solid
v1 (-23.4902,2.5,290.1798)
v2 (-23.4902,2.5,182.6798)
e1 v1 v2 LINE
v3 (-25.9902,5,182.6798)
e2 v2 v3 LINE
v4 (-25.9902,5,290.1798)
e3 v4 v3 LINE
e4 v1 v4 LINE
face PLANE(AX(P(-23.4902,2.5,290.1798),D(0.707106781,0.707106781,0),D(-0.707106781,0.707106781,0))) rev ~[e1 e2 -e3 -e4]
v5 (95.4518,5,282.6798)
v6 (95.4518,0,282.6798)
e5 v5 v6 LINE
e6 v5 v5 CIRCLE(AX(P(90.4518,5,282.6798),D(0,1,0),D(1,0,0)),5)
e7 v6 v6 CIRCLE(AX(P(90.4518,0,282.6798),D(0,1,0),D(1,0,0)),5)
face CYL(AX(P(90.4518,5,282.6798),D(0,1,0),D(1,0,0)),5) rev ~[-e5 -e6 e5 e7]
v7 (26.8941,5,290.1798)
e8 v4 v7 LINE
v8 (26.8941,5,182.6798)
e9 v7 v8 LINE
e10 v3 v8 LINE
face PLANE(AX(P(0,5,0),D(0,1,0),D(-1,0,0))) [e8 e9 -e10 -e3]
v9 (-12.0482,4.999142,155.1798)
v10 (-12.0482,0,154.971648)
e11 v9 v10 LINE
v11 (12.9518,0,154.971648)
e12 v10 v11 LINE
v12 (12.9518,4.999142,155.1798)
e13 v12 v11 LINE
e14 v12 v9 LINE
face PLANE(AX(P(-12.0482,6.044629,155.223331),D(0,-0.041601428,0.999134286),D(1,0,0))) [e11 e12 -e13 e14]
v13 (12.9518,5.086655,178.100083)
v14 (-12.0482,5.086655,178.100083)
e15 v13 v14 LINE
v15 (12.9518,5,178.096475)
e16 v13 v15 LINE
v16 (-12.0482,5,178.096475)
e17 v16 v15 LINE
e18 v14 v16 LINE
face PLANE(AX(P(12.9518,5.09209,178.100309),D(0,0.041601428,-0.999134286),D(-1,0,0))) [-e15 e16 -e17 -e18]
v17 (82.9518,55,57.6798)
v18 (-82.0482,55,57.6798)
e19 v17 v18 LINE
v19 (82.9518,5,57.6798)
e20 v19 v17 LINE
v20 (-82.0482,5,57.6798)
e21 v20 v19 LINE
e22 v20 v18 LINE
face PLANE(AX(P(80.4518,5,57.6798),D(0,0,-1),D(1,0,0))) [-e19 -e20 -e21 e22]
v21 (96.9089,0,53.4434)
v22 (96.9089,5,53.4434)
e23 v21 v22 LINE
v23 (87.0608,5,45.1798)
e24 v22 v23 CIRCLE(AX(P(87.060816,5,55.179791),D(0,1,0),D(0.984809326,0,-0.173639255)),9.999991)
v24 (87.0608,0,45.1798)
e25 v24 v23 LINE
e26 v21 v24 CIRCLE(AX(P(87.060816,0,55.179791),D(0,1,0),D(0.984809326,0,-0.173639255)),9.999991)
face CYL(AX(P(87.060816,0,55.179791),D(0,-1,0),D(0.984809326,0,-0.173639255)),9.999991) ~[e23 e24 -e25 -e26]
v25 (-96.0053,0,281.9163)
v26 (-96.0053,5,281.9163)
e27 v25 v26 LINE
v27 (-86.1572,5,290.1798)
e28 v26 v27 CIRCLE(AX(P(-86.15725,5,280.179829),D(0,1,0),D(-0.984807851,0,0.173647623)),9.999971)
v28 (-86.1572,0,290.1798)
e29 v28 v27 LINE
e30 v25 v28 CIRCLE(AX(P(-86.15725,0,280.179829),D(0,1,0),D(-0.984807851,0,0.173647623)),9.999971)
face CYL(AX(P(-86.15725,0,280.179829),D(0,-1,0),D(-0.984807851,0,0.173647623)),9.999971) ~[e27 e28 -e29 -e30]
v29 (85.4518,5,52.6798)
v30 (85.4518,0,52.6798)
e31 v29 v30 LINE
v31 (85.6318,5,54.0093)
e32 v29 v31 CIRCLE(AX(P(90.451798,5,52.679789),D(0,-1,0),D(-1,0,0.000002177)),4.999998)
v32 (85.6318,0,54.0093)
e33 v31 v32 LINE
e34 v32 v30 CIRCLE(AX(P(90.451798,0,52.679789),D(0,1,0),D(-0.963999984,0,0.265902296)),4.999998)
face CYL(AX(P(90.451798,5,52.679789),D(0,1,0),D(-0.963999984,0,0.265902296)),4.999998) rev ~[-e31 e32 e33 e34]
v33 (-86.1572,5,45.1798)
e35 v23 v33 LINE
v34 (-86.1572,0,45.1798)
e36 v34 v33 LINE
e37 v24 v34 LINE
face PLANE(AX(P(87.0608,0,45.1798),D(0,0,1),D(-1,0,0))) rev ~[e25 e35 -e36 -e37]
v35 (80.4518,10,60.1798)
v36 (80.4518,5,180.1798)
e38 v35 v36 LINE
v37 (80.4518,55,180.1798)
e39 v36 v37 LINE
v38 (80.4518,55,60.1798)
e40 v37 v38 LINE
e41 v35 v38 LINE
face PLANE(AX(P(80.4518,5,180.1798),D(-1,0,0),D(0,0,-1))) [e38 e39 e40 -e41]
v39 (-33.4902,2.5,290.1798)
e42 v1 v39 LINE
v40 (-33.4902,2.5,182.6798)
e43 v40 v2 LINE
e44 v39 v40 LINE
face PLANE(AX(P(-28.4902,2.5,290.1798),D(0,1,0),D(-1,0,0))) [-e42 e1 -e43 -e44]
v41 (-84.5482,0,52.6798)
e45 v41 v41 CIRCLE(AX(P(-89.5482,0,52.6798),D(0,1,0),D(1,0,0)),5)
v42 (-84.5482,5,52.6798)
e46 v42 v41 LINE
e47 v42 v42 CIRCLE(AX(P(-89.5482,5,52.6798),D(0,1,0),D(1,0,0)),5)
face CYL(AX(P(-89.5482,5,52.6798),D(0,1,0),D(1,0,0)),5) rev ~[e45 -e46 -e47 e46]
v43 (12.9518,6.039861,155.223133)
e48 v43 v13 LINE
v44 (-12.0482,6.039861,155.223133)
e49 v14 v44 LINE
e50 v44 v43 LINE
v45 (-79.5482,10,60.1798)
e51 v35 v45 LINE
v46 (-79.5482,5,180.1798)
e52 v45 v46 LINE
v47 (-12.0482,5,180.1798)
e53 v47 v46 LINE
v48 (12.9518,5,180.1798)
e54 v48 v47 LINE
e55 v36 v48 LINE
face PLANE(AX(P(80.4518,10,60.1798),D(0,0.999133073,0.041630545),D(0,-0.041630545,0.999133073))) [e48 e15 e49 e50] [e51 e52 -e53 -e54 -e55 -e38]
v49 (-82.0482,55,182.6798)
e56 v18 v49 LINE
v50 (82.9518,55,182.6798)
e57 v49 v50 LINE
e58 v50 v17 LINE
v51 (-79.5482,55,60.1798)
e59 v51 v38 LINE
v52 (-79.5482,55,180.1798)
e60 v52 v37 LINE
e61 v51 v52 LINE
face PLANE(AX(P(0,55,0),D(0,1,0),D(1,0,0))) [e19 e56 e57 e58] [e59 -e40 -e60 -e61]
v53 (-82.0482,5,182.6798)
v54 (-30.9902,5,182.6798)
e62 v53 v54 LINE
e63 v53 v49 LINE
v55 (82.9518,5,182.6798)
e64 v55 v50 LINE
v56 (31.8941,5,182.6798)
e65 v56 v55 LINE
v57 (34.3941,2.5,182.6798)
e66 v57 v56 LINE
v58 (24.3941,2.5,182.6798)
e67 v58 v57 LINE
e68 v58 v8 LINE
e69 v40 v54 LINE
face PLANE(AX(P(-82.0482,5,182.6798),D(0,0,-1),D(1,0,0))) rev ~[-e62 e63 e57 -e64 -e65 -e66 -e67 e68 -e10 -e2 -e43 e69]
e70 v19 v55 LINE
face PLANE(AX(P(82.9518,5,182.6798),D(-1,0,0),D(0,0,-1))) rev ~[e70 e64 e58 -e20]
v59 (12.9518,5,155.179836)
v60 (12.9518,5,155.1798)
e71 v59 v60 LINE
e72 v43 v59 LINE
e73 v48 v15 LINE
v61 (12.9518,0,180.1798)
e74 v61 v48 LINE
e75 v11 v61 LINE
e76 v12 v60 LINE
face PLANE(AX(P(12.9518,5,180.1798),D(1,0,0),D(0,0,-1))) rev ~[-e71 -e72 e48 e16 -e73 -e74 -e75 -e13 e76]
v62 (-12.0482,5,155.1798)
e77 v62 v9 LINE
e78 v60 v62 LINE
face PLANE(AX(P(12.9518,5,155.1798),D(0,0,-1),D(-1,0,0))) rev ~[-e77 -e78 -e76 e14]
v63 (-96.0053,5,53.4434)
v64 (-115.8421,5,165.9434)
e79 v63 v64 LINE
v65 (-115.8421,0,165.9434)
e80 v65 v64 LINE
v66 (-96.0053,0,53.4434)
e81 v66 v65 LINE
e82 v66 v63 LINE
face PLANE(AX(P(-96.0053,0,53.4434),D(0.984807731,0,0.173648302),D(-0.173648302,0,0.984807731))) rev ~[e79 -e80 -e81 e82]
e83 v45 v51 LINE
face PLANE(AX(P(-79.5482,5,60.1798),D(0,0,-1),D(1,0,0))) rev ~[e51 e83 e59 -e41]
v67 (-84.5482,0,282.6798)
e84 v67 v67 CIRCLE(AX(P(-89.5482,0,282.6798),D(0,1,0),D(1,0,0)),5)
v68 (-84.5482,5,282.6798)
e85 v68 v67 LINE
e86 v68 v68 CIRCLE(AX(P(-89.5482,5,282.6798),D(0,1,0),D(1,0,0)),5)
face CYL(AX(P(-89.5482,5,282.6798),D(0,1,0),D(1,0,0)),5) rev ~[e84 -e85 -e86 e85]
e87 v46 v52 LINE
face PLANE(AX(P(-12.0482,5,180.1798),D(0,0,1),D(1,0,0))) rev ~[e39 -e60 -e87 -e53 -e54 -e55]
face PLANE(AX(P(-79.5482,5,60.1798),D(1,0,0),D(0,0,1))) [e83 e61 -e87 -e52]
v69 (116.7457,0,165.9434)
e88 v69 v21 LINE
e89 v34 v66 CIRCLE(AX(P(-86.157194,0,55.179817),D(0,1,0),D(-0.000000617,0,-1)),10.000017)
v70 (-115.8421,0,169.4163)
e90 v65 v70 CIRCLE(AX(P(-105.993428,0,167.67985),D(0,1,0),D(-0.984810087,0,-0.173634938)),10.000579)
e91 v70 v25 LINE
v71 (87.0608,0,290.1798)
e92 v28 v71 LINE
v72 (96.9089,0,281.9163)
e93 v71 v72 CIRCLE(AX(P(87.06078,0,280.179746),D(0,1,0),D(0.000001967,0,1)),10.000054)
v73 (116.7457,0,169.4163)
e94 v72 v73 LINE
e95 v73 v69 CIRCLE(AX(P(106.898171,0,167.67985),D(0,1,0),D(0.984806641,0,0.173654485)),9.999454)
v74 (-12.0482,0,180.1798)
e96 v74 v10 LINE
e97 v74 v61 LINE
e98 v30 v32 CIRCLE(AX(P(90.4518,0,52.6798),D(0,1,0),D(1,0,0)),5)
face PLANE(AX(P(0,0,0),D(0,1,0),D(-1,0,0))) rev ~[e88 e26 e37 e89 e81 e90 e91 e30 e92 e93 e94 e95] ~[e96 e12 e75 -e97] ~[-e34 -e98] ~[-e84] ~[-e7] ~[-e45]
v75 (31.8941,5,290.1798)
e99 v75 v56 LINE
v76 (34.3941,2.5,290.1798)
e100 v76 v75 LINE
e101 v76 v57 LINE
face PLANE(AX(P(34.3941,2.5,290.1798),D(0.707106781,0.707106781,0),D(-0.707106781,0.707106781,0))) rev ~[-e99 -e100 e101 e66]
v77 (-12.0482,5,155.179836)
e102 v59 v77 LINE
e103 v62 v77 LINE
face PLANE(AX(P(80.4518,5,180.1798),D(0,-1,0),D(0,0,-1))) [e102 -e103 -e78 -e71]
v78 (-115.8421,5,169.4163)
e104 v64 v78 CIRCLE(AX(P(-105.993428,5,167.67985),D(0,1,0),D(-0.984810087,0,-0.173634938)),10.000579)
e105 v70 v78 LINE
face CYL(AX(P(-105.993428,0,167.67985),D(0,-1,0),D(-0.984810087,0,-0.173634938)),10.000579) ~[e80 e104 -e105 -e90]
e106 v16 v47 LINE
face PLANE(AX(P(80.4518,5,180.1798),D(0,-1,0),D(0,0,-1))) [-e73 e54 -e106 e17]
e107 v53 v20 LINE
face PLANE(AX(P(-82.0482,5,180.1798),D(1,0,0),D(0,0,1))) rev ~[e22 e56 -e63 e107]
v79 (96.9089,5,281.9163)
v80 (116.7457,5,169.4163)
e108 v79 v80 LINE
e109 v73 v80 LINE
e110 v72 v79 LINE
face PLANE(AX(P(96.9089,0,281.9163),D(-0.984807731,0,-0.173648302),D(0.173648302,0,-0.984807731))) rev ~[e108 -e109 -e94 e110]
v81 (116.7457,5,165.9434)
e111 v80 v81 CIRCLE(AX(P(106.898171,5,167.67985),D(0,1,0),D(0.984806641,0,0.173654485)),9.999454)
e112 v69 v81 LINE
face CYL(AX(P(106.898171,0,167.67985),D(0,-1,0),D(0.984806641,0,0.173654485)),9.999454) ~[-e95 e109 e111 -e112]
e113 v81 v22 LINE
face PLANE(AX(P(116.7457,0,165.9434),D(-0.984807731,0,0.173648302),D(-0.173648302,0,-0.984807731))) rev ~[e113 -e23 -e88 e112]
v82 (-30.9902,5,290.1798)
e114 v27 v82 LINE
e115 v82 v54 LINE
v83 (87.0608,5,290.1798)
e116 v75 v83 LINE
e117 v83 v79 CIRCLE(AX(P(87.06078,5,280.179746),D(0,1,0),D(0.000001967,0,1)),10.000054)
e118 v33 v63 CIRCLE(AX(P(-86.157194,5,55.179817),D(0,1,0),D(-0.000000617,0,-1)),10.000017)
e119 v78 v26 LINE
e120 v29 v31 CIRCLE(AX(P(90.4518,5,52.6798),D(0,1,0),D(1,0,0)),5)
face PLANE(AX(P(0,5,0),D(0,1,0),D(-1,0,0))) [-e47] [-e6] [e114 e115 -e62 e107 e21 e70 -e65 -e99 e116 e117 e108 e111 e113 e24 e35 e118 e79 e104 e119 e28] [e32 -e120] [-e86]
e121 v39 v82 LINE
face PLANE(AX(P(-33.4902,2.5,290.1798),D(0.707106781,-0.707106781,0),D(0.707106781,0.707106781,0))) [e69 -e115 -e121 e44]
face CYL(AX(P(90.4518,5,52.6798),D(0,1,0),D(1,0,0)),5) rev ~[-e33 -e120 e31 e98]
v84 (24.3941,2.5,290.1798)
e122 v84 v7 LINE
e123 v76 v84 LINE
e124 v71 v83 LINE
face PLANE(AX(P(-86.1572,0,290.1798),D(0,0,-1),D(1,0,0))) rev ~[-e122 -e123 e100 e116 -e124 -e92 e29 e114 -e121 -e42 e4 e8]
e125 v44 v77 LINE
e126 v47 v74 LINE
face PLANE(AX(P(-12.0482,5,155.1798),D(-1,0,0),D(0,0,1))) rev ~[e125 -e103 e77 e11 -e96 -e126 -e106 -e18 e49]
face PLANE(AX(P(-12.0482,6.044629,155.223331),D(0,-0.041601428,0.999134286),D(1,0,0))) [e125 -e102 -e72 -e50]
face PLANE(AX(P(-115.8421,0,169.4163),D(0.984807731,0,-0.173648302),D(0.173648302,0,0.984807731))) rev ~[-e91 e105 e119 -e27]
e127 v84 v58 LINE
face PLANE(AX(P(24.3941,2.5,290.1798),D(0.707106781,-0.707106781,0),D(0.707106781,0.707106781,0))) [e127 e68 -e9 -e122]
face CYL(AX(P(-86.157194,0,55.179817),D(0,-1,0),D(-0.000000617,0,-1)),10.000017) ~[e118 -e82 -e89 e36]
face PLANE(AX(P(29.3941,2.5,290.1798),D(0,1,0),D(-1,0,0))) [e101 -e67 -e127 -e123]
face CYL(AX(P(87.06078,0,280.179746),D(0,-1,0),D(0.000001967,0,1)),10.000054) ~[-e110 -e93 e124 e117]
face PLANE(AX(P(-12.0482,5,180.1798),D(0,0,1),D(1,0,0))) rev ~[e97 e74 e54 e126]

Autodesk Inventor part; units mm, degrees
ref_plane "YZ Plane" through (0, 0, 0) normal (1, 0, 0) x (0, 1, 0)
ref_plane "XZ Plane" through (0, 0, 0) normal (0, 1, 0) x (-1, 0, 0)
ref_plane "XY Plane" through (0, 0, 0) normal (0, 0, 1) x (1, 0, 0)
sketch "Sketch1" plane through (0, 0, 0) normal (0, 1, 0) x (-1, 0, 0)
  arc A0 (-85.6318, 54.0093) -> (-85.4518, 52.6798) centre (-90.4518, 52.6798) ccw projected
  line L0 (-85.6318, 54.0093) -> (-85.6318, 82.6798) projected
  line L1 (-85.6318, 82.6798) -> (-75.8236, 82.6798) projected
  line L2 (-75.8236, 82.6798) -> (-75.8236, 52.6798) projected
  line L3 (-75.8236, 52.6798) -> (-85.4518, 52.6798) projected
  circle A1 centre (89.5482, 282.6798) radius 5 projected
  circle A2 centre (-90.4518, 282.6798) radius 5 projected
  circle A3 centre (89.5482, 52.6798) radius 5 projected
  circle A4 centre (-15.4518, 247.6798) radius 5 projected
  circle A5 centre (94.5482, 87.6798) radius 5 projected
  circle A6 centre (-15.4518, 87.6798) radius 5 projected
  circle A7 centre (14.5482, 247.6798) radius 5 projected
  circle A8 centre (-95.4518, 247.6798) radius 5 projected
  circle A9 centre (14.5482, 87.6798) radius 5 projected
  circle A10 centre (-95.4518, 87.6798) radius 5 projected
  circle A11 centre (94.5482, 247.6798) radius 5 projected
  line L4 (-25.6318, 52.6798) -> (-35.3318, 52.6798) projected
  line L5 (-35.3318, 52.6798) -> (-35.3318, 82.6798) projected
  line L6 (-35.3318, 82.6798) -> (-25.6318, 82.6798) projected
  line L7 (-25.6318, 82.6798) -> (-25.6318, 52.6798) projected
  line L8 (24.3682, 82.6798) -> (34.1764, 82.6798) projected
  line L9 (34.1764, 82.6798) -> (34.1764, 52.6798) projected
  line L10 (34.1764, 52.6798) -> (24.3682, 52.6798) projected
  line L11 (24.3682, 52.6798) -> (24.3682, 82.6798) projected
  line L12 (84.3682, 52.6798) -> (74.6682, 52.6798) projected
  line L13 (74.6682, 52.6798) -> (74.6682, 82.6798) projected
  line L14 (74.6682, 82.6798) -> (84.3682, 82.6798) projected
  line L15 (84.3682, 82.6798) -> (84.3682, 52.6798) projected
  arc A12 (86.1572, 45.1798) -> (96.0053, 53.4434) centre (86.1572, 55.1798) ccw projected
  line L16 (96.0053, 53.4434) -> (115.8421, 165.9434) projected
  arc A13 (115.8421, 165.9434) -> (115.8421, 169.4163) centre (105.994, 167.6798) ccw projected
  line L17 (115.8421, 169.4163) -> (96.0053, 281.9163) projected
  arc A14 (96.0053, 281.9163) -> (86.1572, 290.1798) centre (86.1572, 280.1798) ccw projected
  line L18 (86.1572, 290.1798) -> (-87.0608, 290.1798) projected
  arc A15 (-87.0608, 290.1798) -> (-96.9089, 281.9163) centre (-87.0608, 280.1798) ccw projected
  line L19 (-96.9089, 281.9163) -> (-116.7457, 169.4163) projected
  arc A16 (-116.7457, 169.4163) -> (-116.7457, 165.9434) centre (-106.8976, 167.6798) ccw projected
  line L20 (-116.7457, 165.9434) -> (-96.9089, 53.4434) projected
  arc A17 (-96.9089, 53.4434) -> (-87.0608, 45.1798) centre (-87.0608, 55.1798) ccw projected
  line L21 (-87.0608, 45.1798) -> (86.1572, 45.1798) projected
  line L22 (12.0482, 180.1798) -> (12.0482, 155.1798) projected
  line L23 (12.0482, 155.1798) -> (-12.9518, 155.1798) projected
  line L24 (-12.9518, 155.1798) -> (-12.9518, 180.1798) projected
  line L25 (-12.9518, 180.1798) -> (12.0482, 180.1798) projected
  circle A18 centre (25.0482, 100.1798) radius 1.5 projected
  circle A19 centre (25.0482, 230.1798) radius 1.5 projected
  circle A20 centre (-86.9518, 230.1798) radius 1.5 projected
  circle A21 centre (-25.9518, 149.1798) radius 1.5 projected
  circle A22 centre (-25.9518, 100.1798) radius 1.5 projected
  line L26 (-22.4518, 167.6798) -> (-22.4518, 162.6798) projected
  line L27 (-22.4518, 162.6798) -> (-90.4518, 162.6798) projected
  line L28 (-90.4518, 162.6798) -> (-90.4518, 167.6798) projected
  line L29 (-90.4518, 167.6798) -> (-22.4518, 167.6798) projected
  circle A23 centre (-25.9518, 230.1798) radius 1.5 projected
  circle A24 centre (25.0482, 181.1798) radius 1.5 projected
  circle A25 centre (25.0482, 149.1798) radius 1.5 projected
  circle A26 centre (86.0482, 100.1798) radius 1.5 projected
  circle A27 centre (86.0482, 230.1798) radius 1.5 projected
  circle A28 centre (-86.9518, 181.1798) radius 1.5 projected
  circle A29 centre (-86.9518, 149.1798) radius 1.5 projected
  circle A30 centre (-86.9518, 100.1798) radius 1.5 projected
  circle A31 centre (-25.9518, 181.1798) radius 1.5 projected
  line L30 (89.5482, 167.6798) -> (89.5482, 162.6798) projected
  line L31 (89.5482, 162.6798) -> (21.5482, 162.6798) projected
  line L32 (21.5482, 162.6798) -> (21.5482, 167.6798) projected
  line L33 (21.5482, 167.6798) -> (89.5482, 167.6798) projected
  circle A32 centre (86.0482, 181.1798) radius 1.5 projected
  circle A33 centre (86.0482, 149.1798) radius 1.5 projected
  circle A34 centre (-65.4518, 267.6798) radius 4 projected
  circle A35 centre (-65.4518, 67.6798) radius 4 projected
  circle A36 centre (64.5482, 267.6798) radius 4 projected
  circle A37 centre (64.5482, 67.6798) radius 4 projected
  point P0 (0, 0)
extrude "Extrusion1" add sketch "Sketch1" along normal blind 5 contours L0 L1 L2 L3 A0 | A1 | A2 | A3 | A4 | A5 | A6 | A7 | A8 | A9 | A10 | A11 | L4 L5 L6 L7 | L8 L9 L10 L11 | L12 L13 L14 L15 | L21 A17 L20 A16 L19 A15 L18 A14 L17 A13 L16 A12 | L22 L23 L24 L25 | A18 | A19 | A20 | A21 | A22 | L26 L27 L28 L29 | A23 | A24 | A25 | A26 | A27 | A28 | A29 | A30 | A31 | L30 L31 L32 L33 | A32 | A33 | A34 | A35 | A36 | A37
sketch "Sketch2" plane through (0, 5, 0) normal (0, 1, 0) x (1, 0, 0)
  arc A0 (85.6318, -54.0093) -> (85.4518, -52.6798) centre (90.4518, -52.6798) ccw projected
  circle A1 centre (90.4518, -282.6798) radius 5 projected
  circle A2 centre (-89.5482, -52.6798) radius 5 projected
  circle A3 centre (-89.5482, -282.6798) radius 5 projected
  circle A4 centre (90.4518, -52.6798) radius 5
  point P0 (0, 0)
extrude "Extrusion2" cut sketch "Sketch2" against normal through all
sketch "Sketch3" plane through (0, 5, 0) normal (0, 1, 0) x (1, 0, 0)
  line L0 (12.9518, -180.1798) -> (12.9518, -155.1798) projected
  line L1 (12.9518, -155.1798) -> (-12.0482, -155.1798) projected
  line L2 (-12.0482, -155.1798) -> (-12.0482, -180.1798) projected
  line L3 (-12.0482, -180.1798) -> (12.9518, -180.1798) projected
  point P0 (0, 0)
extrude "Extrusion3" cut sketch "Sketch3" against normal mid plane 50
sketch "Sketch4" plane through (0, 5, 0) normal (0, 1, 0) x (1, 0, 0)
  line L0 (-12.0482, -155.1798) -> (-12.0482, -180.1798) projected
  line L1 (-12.0482, -180.1798) -> (82.9518, -180.1798)
  line L2 (82.9518, -180.1798) -> (82.9518, -60.1798)
  line L3 (82.9518, -60.1798) -> (-12.0482, -60.1798)
  line L4 (-12.0482, -60.1798) -> (-12.0482, -180.1798)
  line L5 (12.9518, -180.1798) -> (12.9518, -155.1798) projected
  line L6 (12.9518, -180.1798) -> (-82.0482, -180.1798)
  line L7 (-82.0482, -180.1798) -> (-82.0482, -60.1798)
  line L8 (-82.0482, -60.1798) -> (12.9518, -60.1798)
  line L9 (12.9518, -60.1798) -> (12.9518, -180.1798)
  line L10 (82.9518, -60.1798) -> (-82.0482, -60.1798)
  line L11 (-82.0482, -60.1798) -> (-82.0482, -57.6798)
  line L12 (-82.0482, -57.6798) -> (82.9518, -57.6798)
  line L13 (82.9518, -57.6798) -> (82.9518, -60.1798)
  line L14 (-82.0482, -57.6798) -> (-79.5482, -57.6798)
  line L15 (-79.5482, -57.6798) -> (-79.5482, -180.1798)
  line L16 (-79.5482, -180.1798) -> (-82.0482, -180.1798)
  line L17 (-82.0482, -180.1798) -> (-82.0482, -57.6798)
  line L18 (82.9518, -180.1798) -> (80.4518, -180.1798)
  line L19 (80.4518, -180.1798) -> (80.4518, -57.6798)
  line L20 (80.4518, -57.6798) -> (82.9518, -57.6798)
  line L21 (82.9518, -57.6798) -> (82.9518, -180.1798)
  line L22 (82.9518, -180.1798) -> (-82.0482, -180.1798)
  line L23 (-82.0482, -180.1798) -> (-82.0482, -182.6798)
  line L24 (-82.0482, -182.6798) -> (82.9518, -182.6798)
  line L25 (82.9518, -182.6798) -> (82.9518, -180.1798)
  point P0 (0, 0)
  point P1 (-79.5482, -60.1798)
  point P2 (-12.0482, -60.1798)
  point P3 (80.4518, -60.1798)
  dimension "d6" = 95
  dimension "d7" = 120
  dimension "d8" = 95
  dimension "d9" = 120
  dimension "d10" = 2.5
  dimension "d11" = 2.5
  dimension "d12" = 2.5
  dimension "d13" = 2.5
extrude "Extrusion4" add sketch "Sketch4" along normal blind 50 contours L1 L25 L24 L23 L6 | L8 L15 L12 L19 L3 | L6 L7 L8 L15 | L8 L11 L12 L15 | L19 L3 L2 L1 | L19 L12 L13 L3
sketch "Sketch6" plane through (80.4518, 5, 60.1798) normal (-1, 0, 0) x (0, 0, 1)
  line L0 (122.5, 0) -> (0, 0) projected
  line L1 (122.5, 0) -> (122.5, 50) projected
  line L2 (0, 50) -> (122.5, 50) projected
  line L3 (0, 0) -> (0, 50) projected
  line L4 (120, 0) -> (120, 50) projected
  line L5 (0, 0) -> (0, 50) projected
  line L6 (0, 0) -> (120, 0)
  line L7 (120, 0) -> (120, 5)
  line L8 (120, 5) -> (0, 5)
  line L9 (0, 5) -> (0, 0)
  line L10 (0, 5) -> (120, 0)
  point P0 (-60.1798, -5)
  dimension "d26" = 5
extrude "Extrusion6" add sketch "Sketch6" along normal up to surface (160 mm away) contours L0 L3 L10
sketch "Sketch7" plane through (-79.5482, 10, 60.1798) normal (0, 0.9991, 0.0416) x (1, 0, 0)
  line L0 (67.5, -120.1041) -> (67.5, -95.1258) projected
  line L1 (67.5, -95.1258) -> (92.5, -95.1258) projected
  line L2 (92.5, -95.1258) -> (92.5, -120.1041) projected
  line L3 (160, -118.0226) -> (0, -118.0226) projected
  point P0 (79.5482, 59.7114)
  point P1 (67.5, -118.0226)
  point P2 (92.5, -118.0226)
extrude "Extrusion7" cut sketch "Sketch7" against normal blind 10
sketch "Sketch8" plane through (-86.1572, 0, 290.1798) normal (0, 0, 1) x (1, 0, 0)
  line L0 (0, 0) -> (173.218, 0) projected
  line L1 (173.218, 0) -> (173.218, 5) projected
  line L2 (0, 5) -> (173.218, 5) projected
  line L3 (0, 0) -> (0, 5) projected
  line L4 (173.218, 0) -> (173.218, 5) projected
  line L5 (173.218, 0) -> (115.5513, 0)
  line L6 (115.5513, 0) -> (57.8843, 0)
  line L7 (0, 0) -> (173.218, 0) projected
  line L8 (0, 0) -> (-9.8481, 0) projected
  line L9 (0, 0) -> (57.667, 0)
  line L10 (57.667, 0) -> (57.667, 5)
  line L11 (0, 5) -> (173.218, 5) projected
  line L12 (115.5513, 0) -> (115.5513, 5)
  line L13 (99.109, 5) -> (166.609, 5) projected
  line L14 (55.167, 7.5) -> (60.167, 7.5)
  line L15 (60.167, 7.5) -> (60.167, 2.5)
  line L16 (60.167, 2.5) -> (55.167, 2.5)
  line L17 (55.167, 2.5) -> (55.167, 7.5)
  line L18 (55.167, 7.5) -> (60.167, 2.5) construction
  line L19 (60.167, 7.5) -> (55.167, 2.5) construction
  line L20 (113.0513, 7.5) -> (118.0513, 7.5)
  line L21 (118.0513, 7.5) -> (118.0513, 2.5)
  line L22 (118.0513, 2.5) -> (113.0513, 2.5)
  line L23 (113.0513, 2.5) -> (113.0513, 7.5)
  line L24 (113.0513, 7.5) -> (118.0513, 2.5) construction
  line L25 (118.0513, 7.5) -> (113.0513, 2.5) construction
  line L26 (60.167, 2.5) -> (62.667, 2.5)
  line L27 (62.667, 2.5) -> (60.167, 5)
  line L28 (55.167, 2.5) -> (52.667, 2.5)
  line L29 (52.667, 2.5) -> (55.167, 5)
  line L30 (118.0513, 2.5) -> (120.5513, 2.5)
  line L31 (120.5513, 2.5) -> (118.0513, 5)
  line L32 (113.0513, 2.5) -> (110.5513, 2.5)
  line L33 (110.5513, 2.5) -> (113.0513, 5)
  point P0 (86.1572, 0)
  dimension "d31" = 57.6667
  dimension "d33" = 57.667
  dimension "d34" = 5
  dimension "d35" = 5
  dimension "d36" = 5
  dimension "d37" = 5
  dimension "d38" = 2.5
  dimension "d39" = 2.5
  dimension "d40" = 2.5
  dimension "d41" = 2.5
extrude "Extrusion8" cut sketch "Sketch8" against normal up to surface (107.5 mm away) contours L16 L17 L2 L10 | L10 L2 L15 L16 | L17 L28 L29 | L15 L27 L26 | L22 L23 L2 L12 | L12 L2 L21 L22 | L21 L31 L30 | L32 L33 L23
properties part number "upper base"
